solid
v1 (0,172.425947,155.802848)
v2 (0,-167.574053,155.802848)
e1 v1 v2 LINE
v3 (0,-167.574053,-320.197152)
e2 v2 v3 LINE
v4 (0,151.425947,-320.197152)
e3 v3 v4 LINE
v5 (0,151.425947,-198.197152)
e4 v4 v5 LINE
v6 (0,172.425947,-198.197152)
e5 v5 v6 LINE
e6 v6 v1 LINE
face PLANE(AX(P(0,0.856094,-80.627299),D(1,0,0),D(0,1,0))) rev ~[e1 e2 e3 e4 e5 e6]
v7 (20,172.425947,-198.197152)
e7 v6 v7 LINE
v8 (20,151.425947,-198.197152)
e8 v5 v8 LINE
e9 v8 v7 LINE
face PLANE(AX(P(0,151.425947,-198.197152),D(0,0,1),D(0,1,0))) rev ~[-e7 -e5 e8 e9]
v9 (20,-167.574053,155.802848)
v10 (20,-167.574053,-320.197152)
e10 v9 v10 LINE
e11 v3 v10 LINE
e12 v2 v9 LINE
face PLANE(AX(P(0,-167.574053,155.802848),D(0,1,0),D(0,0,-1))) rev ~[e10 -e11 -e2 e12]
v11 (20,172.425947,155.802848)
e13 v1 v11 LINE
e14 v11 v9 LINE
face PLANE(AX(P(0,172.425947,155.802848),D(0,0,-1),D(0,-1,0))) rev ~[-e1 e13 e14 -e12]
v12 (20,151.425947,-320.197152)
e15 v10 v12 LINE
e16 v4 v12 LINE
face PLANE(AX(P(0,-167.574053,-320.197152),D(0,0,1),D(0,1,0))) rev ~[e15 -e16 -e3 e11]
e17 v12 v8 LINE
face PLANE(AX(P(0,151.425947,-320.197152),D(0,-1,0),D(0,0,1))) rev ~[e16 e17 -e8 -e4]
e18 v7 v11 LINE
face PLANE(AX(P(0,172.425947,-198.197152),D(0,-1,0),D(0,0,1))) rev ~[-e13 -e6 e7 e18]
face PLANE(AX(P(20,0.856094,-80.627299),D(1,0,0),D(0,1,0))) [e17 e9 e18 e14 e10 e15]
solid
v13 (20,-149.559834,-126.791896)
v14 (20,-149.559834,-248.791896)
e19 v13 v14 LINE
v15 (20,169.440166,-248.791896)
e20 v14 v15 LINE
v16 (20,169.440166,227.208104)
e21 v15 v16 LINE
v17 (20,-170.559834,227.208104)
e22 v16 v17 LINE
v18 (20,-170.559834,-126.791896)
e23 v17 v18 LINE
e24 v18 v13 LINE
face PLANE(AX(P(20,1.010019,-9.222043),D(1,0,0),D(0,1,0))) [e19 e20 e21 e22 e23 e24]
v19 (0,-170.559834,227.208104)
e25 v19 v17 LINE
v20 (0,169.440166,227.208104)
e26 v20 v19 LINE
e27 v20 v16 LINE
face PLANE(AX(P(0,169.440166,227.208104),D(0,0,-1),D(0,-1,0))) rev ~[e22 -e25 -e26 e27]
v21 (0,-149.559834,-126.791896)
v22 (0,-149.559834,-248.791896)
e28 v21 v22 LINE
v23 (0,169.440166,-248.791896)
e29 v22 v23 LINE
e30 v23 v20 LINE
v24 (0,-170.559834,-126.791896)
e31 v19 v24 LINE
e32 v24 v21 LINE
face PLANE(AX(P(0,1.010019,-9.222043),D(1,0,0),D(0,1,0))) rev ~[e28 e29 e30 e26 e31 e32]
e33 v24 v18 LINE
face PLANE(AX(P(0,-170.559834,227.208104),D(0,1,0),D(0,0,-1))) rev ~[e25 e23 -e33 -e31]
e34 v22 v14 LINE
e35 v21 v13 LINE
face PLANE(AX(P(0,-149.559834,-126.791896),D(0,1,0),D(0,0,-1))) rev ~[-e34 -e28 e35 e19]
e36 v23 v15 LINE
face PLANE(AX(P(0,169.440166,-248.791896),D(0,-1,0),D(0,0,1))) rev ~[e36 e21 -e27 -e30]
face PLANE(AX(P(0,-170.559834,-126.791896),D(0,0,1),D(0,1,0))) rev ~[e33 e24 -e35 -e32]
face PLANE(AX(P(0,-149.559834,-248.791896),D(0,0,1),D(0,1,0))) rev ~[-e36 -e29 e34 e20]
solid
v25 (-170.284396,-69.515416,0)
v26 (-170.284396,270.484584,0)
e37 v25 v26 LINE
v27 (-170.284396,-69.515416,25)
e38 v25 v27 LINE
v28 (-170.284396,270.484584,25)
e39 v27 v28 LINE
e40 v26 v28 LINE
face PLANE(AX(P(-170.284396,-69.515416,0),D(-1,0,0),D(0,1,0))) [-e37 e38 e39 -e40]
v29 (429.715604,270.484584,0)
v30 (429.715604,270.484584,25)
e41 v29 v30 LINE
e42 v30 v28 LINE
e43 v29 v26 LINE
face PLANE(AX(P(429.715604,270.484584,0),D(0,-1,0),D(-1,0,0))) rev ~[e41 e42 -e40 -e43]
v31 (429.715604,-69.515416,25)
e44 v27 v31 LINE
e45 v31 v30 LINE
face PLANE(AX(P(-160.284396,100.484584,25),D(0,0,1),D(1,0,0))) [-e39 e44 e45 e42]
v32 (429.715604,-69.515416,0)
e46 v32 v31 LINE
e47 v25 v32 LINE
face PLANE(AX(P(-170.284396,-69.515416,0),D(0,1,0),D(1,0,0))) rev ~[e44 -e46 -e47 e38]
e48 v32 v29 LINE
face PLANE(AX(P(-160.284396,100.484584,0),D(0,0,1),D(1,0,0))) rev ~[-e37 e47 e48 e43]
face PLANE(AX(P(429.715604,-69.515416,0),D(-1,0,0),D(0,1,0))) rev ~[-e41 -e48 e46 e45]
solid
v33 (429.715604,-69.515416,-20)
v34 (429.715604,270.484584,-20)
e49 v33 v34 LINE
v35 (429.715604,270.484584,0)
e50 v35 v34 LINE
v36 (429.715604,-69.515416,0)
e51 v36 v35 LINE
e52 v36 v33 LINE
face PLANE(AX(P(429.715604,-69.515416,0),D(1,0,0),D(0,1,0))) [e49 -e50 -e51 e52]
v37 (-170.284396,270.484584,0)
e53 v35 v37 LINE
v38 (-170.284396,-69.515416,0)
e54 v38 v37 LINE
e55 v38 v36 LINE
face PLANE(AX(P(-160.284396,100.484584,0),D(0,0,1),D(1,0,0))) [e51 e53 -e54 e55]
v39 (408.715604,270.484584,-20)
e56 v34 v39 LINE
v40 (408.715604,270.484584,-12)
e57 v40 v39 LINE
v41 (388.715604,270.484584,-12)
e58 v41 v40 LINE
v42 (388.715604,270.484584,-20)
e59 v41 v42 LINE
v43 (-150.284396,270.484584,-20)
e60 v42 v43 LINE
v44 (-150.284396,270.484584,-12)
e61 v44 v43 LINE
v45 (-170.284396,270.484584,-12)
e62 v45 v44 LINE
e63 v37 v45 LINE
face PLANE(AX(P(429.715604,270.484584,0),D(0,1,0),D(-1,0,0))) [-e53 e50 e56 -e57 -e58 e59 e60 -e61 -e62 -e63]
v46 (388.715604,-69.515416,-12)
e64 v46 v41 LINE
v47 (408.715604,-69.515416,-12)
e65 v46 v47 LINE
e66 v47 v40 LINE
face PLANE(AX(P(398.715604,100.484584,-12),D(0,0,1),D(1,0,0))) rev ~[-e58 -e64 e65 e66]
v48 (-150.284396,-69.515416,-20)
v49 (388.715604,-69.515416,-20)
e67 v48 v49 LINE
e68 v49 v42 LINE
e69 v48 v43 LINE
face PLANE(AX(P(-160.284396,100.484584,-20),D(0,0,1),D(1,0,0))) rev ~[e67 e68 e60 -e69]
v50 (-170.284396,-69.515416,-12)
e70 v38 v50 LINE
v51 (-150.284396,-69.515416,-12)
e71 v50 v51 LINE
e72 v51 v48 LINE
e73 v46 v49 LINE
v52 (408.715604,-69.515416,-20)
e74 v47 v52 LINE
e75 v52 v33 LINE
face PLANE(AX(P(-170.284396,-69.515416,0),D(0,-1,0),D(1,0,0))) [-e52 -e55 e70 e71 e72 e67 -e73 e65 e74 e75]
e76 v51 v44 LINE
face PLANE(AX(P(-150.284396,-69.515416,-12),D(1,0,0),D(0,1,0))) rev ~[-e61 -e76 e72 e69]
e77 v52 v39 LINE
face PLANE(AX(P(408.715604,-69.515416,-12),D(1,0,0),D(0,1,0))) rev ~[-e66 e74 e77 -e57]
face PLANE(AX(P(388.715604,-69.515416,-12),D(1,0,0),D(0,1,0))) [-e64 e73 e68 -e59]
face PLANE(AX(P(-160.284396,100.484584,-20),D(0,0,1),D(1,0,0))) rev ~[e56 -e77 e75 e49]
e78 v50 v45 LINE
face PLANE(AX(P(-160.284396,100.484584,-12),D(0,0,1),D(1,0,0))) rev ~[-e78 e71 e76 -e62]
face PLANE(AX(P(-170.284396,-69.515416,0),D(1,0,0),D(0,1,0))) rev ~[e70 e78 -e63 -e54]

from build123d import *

# Parameters (mm, degrees)
F2_W     = 20
F2_H     = 340
F2_W_2   = 539
F2_W_3   = 21
F3_DEPTH = 20
F4_START = -12
F4_DEPTH = 8
F6_DEPTH = 20
F8_DEPTH = 20
F9_DEPTH = 25


with BuildPart() as f3:
    # F2 (on Top) → F3 (new body)
    with BuildSketch(Plane.XY):
        with Locations((-160.284396112, 100.4845837683)):
            Rectangle(F2_W, F2_H)
        with Locations((119.215603888, 100.4845837683)):
            Rectangle(F2_W_2, F2_H)
        with Locations((398.715603888, 100.4845837683)):
            Rectangle(F2_W, F2_H)
        with Locations((419.215603888, 100.4845837683)):
            Rectangle(F2_W_3, F2_H)
    extrude(amount=-F3_DEPTH)

    # F2 (on Top) → F4 (cut)
    with BuildSketch(Plane.XY.offset(F4_START)):
        with Locations((-160.284396112, 100.4845837683)):
            Rectangle(F2_W, F2_H)
        with Locations((398.715603888, 100.4845837683)):
            Rectangle(F2_W, F2_H)
    extrude(amount=-F4_DEPTH, mode=Mode.SUBTRACT)


with BuildPart() as f6:
    # F5 (on Right) → F6 (new body)
    with BuildSketch(Plane.YZ):
        Polygon((172.4259472266, -198.1971520801), (172.4259472266, 155.8028479199), (-167.5740527734, 155.8028479199), (-167.5740527734, -198.1971520801), (-167.5740527734, -320.1971520801), (-146.5740527734, -320.1971520801), (151.4259472266, -320.1971520801), (151.4259472266, -198.1971520801), align=None)
    extrude(amount=F6_DEPTH)


with BuildPart() as f8:
    # F7 (on Right) → F8 (new body)
    with BuildSketch(Plane.YZ):
        Polygon((169.4401661679, 227.2081043864), (-170.5598338321, 227.2081043864), (-170.5598338321, -126.7918956136), (-149.5598338321, -126.7918956136), (-149.5598338321, -248.7918956136), (169.4401661679, -248.7918956136), align=None)
    extrude(amount=F8_DEPTH)


with BuildPart() as f9:
    # F2 (on Top) → F9 (new body)
    with BuildSketch(Plane.XY):
        with Locations((-160.284396112, 100.4845837683)):
            Rectangle(F2_W, F2_H)
        with Locations((119.215603888, 100.4845837683)):
            Rectangle(F2_W_2, F2_H)
        with Locations((398.715603888, 100.4845837683)):
            Rectangle(F2_W, F2_H)
        with Locations((419.215603888, 100.4845837683)):
            Rectangle(F2_W_3, F2_H)
    extrude(amount=F9_DEPTH)


solid = Compound([f3.part, f6.part, f8.part, f9.part])
